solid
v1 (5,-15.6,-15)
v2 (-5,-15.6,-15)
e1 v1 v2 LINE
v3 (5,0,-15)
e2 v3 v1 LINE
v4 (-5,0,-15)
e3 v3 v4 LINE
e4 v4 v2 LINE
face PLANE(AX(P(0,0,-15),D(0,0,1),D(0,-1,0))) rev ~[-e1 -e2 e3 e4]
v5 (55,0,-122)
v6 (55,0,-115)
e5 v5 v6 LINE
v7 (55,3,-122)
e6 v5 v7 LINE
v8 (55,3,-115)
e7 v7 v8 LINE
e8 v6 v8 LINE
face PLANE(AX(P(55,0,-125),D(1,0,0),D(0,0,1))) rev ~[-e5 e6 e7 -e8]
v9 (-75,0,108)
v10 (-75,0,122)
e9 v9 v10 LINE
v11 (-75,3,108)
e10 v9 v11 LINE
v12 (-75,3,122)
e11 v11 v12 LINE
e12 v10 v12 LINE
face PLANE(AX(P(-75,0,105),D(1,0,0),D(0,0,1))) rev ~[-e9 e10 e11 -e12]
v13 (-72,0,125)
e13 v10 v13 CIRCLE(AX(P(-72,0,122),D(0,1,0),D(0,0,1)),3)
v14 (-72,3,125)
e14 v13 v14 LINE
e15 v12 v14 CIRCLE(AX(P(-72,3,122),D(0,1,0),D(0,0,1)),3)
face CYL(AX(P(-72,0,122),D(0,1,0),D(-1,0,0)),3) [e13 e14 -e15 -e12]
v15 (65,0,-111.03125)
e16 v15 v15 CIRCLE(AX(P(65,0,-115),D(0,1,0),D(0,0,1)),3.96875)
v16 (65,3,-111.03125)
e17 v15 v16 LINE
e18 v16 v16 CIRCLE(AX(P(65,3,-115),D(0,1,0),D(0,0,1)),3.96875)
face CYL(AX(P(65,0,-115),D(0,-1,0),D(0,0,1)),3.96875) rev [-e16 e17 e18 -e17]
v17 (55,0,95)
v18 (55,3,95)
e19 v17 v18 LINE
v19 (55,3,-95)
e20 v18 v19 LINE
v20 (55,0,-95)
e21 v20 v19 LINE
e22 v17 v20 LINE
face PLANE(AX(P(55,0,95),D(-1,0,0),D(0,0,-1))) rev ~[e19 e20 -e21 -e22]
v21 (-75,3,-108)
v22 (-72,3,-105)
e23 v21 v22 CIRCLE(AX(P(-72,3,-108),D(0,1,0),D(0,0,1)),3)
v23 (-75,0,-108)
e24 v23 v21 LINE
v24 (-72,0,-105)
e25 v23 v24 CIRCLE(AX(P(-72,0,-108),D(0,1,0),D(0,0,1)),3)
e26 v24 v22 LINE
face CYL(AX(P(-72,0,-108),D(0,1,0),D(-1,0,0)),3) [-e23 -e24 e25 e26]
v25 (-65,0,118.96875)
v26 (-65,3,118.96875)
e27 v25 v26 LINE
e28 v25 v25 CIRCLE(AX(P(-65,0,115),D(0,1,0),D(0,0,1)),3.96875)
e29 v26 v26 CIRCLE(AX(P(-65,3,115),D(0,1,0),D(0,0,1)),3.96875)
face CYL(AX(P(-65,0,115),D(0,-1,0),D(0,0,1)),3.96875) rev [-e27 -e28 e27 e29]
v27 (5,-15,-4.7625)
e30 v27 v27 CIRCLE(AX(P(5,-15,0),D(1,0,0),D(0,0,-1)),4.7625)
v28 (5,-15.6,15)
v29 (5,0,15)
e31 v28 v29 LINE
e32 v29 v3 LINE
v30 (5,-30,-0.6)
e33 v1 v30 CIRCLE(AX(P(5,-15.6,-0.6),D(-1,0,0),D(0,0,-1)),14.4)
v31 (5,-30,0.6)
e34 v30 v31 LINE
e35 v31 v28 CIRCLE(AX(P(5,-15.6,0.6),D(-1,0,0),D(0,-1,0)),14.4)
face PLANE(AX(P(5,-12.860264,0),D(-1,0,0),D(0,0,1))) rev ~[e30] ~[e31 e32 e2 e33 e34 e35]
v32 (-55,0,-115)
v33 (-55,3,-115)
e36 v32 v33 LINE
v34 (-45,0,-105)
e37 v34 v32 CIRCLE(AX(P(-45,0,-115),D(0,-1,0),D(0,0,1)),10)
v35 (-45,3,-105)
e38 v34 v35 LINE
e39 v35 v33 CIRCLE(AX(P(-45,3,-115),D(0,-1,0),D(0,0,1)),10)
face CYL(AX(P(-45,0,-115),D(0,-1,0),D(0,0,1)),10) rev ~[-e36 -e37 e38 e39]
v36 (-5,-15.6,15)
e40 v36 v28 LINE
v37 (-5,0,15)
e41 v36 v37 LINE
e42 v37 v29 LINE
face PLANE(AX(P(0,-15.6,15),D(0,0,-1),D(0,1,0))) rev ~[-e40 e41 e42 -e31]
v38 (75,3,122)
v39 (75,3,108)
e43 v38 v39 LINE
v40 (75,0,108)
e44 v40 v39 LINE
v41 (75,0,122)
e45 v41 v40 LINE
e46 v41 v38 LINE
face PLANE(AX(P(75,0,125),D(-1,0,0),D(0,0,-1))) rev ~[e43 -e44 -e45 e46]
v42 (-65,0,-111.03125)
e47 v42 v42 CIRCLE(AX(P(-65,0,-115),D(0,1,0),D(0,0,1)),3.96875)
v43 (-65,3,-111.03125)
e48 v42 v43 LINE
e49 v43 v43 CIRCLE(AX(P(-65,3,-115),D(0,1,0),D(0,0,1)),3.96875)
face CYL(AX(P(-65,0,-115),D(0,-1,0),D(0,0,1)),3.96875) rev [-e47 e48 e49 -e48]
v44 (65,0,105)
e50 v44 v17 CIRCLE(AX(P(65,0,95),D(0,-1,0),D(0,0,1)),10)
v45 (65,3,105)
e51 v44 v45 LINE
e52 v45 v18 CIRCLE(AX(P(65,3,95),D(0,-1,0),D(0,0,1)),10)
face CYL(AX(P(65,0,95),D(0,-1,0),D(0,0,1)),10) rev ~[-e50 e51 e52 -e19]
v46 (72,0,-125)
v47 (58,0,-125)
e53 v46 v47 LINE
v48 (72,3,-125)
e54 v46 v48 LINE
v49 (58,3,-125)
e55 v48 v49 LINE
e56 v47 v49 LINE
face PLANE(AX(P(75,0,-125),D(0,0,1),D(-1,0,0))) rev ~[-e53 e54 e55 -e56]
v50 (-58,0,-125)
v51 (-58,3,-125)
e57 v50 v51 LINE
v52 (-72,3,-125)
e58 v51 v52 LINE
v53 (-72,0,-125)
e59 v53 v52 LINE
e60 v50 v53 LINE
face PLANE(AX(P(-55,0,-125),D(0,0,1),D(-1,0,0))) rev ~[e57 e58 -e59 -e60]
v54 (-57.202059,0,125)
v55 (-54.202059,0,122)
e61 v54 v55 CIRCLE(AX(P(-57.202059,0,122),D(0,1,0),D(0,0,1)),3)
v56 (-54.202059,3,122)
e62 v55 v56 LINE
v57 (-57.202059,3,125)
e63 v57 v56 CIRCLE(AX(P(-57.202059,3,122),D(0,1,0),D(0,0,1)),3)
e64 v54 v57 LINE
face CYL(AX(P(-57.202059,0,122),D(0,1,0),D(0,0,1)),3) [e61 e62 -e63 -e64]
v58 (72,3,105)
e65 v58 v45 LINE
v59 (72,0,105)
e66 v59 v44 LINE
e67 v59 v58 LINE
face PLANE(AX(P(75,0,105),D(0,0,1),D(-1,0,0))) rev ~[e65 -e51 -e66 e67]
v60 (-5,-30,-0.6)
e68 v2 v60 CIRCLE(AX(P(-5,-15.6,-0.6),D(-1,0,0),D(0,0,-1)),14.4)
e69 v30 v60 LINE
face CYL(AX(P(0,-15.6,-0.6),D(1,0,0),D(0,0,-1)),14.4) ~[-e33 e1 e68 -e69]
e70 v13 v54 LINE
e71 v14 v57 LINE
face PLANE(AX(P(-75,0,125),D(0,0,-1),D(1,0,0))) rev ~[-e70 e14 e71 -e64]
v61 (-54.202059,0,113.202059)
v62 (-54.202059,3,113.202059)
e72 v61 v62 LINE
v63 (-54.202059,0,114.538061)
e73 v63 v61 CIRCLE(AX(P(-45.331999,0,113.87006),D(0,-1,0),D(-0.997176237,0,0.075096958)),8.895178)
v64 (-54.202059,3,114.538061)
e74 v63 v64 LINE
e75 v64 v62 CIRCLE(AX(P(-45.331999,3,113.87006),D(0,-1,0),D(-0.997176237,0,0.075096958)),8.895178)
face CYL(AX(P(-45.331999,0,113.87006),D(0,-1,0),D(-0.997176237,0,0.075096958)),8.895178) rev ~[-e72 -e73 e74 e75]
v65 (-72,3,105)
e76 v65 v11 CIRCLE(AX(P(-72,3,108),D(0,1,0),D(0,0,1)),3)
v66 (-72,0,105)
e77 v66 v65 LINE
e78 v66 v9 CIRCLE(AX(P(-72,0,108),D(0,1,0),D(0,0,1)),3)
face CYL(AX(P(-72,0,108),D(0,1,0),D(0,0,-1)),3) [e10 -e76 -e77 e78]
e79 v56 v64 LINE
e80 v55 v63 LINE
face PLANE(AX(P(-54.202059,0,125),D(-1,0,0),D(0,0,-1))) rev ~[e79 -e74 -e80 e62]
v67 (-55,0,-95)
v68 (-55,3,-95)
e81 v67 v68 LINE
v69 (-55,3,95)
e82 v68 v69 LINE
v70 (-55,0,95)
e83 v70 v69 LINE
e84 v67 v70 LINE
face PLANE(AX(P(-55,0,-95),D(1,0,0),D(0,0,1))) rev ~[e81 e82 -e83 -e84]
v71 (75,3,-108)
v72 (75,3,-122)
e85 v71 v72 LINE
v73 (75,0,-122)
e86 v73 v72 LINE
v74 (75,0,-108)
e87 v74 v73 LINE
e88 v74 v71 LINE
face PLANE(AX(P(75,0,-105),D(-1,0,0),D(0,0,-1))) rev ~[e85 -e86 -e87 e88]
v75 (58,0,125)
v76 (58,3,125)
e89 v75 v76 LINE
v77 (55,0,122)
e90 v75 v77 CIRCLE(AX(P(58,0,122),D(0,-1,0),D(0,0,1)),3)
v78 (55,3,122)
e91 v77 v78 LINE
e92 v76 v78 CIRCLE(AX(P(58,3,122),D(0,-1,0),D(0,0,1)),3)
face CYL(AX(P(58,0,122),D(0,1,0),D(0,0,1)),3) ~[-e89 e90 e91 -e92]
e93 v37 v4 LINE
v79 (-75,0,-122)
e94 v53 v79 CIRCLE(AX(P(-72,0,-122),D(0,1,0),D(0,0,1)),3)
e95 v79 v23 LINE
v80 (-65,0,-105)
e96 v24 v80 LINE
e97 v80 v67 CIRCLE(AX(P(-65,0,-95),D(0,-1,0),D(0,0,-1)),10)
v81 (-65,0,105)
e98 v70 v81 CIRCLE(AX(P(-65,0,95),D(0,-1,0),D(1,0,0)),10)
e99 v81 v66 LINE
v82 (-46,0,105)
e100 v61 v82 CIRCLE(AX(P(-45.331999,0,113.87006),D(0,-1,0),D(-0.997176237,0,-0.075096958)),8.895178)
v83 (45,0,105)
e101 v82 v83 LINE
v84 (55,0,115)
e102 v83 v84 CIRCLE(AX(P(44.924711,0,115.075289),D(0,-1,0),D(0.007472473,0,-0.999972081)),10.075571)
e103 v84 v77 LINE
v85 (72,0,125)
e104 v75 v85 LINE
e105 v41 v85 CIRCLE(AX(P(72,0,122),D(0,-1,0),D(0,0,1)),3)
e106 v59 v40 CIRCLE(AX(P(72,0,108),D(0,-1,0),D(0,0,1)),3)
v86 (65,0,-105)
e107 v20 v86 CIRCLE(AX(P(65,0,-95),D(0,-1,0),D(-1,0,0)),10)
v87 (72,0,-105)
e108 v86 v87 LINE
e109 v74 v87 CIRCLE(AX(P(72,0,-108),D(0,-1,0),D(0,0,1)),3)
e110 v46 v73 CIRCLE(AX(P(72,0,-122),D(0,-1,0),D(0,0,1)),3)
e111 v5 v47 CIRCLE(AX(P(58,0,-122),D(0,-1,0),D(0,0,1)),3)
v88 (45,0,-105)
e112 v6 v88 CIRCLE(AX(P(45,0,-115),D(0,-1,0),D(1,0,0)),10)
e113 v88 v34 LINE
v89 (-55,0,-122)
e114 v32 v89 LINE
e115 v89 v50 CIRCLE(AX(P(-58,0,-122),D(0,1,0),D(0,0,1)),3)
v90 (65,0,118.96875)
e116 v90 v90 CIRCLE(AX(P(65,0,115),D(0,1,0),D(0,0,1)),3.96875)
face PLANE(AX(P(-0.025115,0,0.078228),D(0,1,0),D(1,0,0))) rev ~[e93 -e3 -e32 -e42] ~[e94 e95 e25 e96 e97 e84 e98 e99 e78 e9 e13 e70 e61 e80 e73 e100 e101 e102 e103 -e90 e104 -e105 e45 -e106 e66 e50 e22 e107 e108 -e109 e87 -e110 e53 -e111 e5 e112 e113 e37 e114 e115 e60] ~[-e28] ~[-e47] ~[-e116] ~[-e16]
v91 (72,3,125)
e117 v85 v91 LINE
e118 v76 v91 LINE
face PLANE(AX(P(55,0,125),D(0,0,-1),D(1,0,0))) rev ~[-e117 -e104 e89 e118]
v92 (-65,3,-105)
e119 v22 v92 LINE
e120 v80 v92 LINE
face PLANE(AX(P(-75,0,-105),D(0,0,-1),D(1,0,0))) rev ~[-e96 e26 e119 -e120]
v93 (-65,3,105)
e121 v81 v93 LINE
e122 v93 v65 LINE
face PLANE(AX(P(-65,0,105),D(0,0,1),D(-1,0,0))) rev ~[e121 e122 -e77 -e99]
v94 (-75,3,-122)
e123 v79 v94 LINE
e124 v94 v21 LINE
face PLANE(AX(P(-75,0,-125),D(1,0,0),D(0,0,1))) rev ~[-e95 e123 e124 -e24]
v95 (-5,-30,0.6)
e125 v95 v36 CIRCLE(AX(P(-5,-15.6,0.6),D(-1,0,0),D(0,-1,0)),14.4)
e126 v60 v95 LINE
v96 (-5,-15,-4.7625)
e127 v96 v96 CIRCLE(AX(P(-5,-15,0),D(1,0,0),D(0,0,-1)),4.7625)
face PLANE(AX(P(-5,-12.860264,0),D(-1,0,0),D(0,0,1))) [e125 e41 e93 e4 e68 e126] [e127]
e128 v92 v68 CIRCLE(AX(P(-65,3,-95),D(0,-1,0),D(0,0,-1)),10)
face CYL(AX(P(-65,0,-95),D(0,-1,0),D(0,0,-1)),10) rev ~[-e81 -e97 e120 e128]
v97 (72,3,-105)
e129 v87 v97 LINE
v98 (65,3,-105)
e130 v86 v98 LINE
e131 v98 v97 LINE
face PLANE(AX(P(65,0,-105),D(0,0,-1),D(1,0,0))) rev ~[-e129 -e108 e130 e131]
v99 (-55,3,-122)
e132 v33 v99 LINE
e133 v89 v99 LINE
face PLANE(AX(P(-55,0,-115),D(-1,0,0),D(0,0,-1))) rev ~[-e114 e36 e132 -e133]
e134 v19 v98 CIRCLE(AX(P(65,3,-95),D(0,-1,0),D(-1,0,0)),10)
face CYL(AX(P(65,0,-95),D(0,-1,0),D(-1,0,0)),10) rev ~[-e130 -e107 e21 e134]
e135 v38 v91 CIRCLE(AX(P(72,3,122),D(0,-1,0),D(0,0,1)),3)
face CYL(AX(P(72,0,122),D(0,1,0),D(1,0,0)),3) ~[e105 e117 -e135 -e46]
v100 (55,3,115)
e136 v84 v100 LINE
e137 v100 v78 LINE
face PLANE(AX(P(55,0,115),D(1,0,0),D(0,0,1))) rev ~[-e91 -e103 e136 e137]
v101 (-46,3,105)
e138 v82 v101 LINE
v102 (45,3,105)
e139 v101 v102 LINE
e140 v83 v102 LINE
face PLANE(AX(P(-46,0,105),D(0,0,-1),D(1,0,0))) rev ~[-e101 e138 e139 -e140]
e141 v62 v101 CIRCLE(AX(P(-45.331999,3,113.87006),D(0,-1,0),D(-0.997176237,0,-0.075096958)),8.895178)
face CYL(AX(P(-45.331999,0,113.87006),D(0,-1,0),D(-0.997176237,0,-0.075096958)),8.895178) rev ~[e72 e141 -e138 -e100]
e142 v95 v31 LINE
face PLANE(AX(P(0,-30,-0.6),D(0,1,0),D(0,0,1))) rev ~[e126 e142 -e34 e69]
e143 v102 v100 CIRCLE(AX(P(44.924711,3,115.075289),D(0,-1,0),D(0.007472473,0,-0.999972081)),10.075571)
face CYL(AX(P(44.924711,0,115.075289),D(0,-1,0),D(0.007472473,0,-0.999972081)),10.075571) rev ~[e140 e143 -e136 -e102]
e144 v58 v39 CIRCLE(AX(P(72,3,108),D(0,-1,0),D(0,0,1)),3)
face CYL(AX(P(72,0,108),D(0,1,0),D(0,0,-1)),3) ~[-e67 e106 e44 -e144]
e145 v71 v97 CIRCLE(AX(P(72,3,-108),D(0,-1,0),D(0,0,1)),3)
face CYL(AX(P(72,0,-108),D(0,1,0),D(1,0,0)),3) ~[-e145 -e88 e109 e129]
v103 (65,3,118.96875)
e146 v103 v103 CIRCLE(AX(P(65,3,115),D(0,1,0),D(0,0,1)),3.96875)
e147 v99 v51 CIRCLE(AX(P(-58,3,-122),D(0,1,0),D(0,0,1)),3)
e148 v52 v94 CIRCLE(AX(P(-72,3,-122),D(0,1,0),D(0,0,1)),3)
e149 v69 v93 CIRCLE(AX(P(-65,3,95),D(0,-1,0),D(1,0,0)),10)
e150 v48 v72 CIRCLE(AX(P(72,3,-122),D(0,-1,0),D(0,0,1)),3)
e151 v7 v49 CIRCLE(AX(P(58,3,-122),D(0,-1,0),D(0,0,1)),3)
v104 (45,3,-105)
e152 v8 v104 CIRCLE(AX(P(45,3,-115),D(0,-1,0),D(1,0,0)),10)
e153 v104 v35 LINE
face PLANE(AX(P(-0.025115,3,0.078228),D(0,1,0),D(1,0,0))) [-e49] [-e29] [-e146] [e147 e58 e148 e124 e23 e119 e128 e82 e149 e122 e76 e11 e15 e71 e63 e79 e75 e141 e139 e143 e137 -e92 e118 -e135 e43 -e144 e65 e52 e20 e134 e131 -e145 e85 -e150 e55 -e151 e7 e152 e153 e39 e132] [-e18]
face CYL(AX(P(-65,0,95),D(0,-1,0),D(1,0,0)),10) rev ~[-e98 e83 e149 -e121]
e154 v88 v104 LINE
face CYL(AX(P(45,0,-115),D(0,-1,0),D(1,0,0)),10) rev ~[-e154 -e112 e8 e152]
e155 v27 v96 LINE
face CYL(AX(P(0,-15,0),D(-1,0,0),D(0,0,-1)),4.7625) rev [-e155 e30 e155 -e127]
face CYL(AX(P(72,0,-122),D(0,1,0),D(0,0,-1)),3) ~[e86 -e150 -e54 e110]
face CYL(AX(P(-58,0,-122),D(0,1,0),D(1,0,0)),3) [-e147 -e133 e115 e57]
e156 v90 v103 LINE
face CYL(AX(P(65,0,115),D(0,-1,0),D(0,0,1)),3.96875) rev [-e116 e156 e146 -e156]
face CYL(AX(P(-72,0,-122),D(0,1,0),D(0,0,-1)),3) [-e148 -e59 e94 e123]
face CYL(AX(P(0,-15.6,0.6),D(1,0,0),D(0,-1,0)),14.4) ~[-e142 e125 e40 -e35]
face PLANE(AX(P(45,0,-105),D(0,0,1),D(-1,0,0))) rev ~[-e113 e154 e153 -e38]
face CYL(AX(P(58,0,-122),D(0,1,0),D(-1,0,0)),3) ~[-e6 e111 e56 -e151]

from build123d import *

# Parameters (mm, degrees)
SKETCH1_R           = 3.96875
BOSS_EXTRUDE1_DEPTH = 3
FILLET1_R           = 3
SKETCH9_R           = 4.7625
BOSS_EXTRUDE3_DEPTH = 5


with BuildPart() as part:
    # Sketch1 → Boss-Extrude1 (new body)
    with BuildSketch(Plane(origin=(0, 0, 0), x_dir=(1, 0, 0), z_dir=(0, 1, 0))):
        with BuildLine():
            Line((45, 105), (-45, 105))
            ThreePointArc((-45, 105), (-52.071067812, 107.928932188), (-55, 115))
            Line((-55, 115), (-55, 125))
            Line((-55, 125), (-75, 125))
            Line((-75, 125), (-75, 105))
            Line((-75, 105), (-65, 105))
            ThreePointArc((-65, 105), (-57.928932188, 102.071067812), (-55, 95))
            Line((-55, 95), (-55, -95))
            ThreePointArc((-55, -95), (-57.928932188, -102.071067812), (-65, -105))
            Line((-65, -105), (-75, -105))
            Line((-75, -105), (-75, -125))
            Line((-75, -125), (-54.202059137, -125))
            Line((-54.202059137, -125), (-54.202059137, -114.538060718))
            ThreePointArc((-54.202059137, -114.538060718), (-54.227177014, -113.870059928), (-54.202059137, -113.202059137))
            ThreePointArc((-54.202059137, -113.202059137), (-51.621839755, -107.580219382), (-46, -105))
            Line((-46, -105), (45, -105))
            ThreePointArc((45, -105), (52.04921496, -107.95078504), (55, -115))
            Line((55, -115), (55, -125))
            Line((55, -125), (75, -125))
            Line((75, -125), (75, -105))
            Line((75, -105), (65, -105))
            ThreePointArc((65, -105), (57.928932188, -102.071067812), (55, -95))
            Line((55, -95), (55, 95))
            ThreePointArc((55, 95), (57.928932188, 102.071067812), (65, 105))
            Line((65, 105), (75, 105))
            Line((75, 105), (75, 125))
            Line((75, 125), (55, 125))
            Line((55, 125), (55, 115))
            ThreePointArc((55, 115), (52.071067812, 107.928932188), (45, 105))
        make_face()
        with Locations(Location((-65, -115, 0), (0, 0, 270))):
            Circle(SKETCH1_R, mode=Mode.SUBTRACT)
        with Locations(Location((65, -115, 0), (0, 0, 270))):
            Circle(SKETCH1_R, mode=Mode.SUBTRACT)
        with Locations(Location((-65, 115, 0), (0, 0, 270))):
            Circle(SKETCH1_R, mode=Mode.SUBTRACT)
        with Locations(Location((65, 115, 0), (0, 0, 270))):
            Circle(SKETCH1_R, mode=Mode.SUBTRACT)
    extrude(amount=BOSS_EXTRUDE1_DEPTH)

    # Fillet1
    fillet1_edges = [part.edges().sort_by_distance(p)[0] for p in [
        (55, 1.5, -125),
        (75, 1.5, -125),
        (75, 1.5, -105),
        (75, 1.5, 105),
        (75, 1.5, 125),
        (55, 1.5, 125),
        (-54.202059137, 1.5, 125),
        (-75, 1.5, 125),
        (-75, 1.5, 105),
        (-75, 1.5, -105),
        (-75, 1.5, -125),
        (-55, 1.5, -125),
    ]]
    fillet(fillet1_edges, radius=FILLET1_R)

    # Sketch9 → Boss-Extrude3 (add, symmetric)
    with BuildSketch(Plane(origin=(0, 0, 0), x_dir=(0, 0, -1), z_dir=(1, 0, 0))):
        with BuildLine():
            Line((-15, 0), (15, 0))
            Line((15, 0), (15, -15.6))
            ThreePointArc((15, -15.6), (10.782337649, -25.782337649), (0.6, -30))
            Line((0.6, -30), (-0.6, -30))
            ThreePointArc((-0.6, -30), (-10.782337649, -25.782337649), (-15, -15.6))
            Line((-15, -15.6), (-15, 0))
        make_face()
        with Locations((0, -15)):
            Circle(SKETCH9_R, mode=Mode.SUBTRACT)
    extrude(amount=BOSS_EXTRUDE3_DEPTH, both=True)


solid = part.part
